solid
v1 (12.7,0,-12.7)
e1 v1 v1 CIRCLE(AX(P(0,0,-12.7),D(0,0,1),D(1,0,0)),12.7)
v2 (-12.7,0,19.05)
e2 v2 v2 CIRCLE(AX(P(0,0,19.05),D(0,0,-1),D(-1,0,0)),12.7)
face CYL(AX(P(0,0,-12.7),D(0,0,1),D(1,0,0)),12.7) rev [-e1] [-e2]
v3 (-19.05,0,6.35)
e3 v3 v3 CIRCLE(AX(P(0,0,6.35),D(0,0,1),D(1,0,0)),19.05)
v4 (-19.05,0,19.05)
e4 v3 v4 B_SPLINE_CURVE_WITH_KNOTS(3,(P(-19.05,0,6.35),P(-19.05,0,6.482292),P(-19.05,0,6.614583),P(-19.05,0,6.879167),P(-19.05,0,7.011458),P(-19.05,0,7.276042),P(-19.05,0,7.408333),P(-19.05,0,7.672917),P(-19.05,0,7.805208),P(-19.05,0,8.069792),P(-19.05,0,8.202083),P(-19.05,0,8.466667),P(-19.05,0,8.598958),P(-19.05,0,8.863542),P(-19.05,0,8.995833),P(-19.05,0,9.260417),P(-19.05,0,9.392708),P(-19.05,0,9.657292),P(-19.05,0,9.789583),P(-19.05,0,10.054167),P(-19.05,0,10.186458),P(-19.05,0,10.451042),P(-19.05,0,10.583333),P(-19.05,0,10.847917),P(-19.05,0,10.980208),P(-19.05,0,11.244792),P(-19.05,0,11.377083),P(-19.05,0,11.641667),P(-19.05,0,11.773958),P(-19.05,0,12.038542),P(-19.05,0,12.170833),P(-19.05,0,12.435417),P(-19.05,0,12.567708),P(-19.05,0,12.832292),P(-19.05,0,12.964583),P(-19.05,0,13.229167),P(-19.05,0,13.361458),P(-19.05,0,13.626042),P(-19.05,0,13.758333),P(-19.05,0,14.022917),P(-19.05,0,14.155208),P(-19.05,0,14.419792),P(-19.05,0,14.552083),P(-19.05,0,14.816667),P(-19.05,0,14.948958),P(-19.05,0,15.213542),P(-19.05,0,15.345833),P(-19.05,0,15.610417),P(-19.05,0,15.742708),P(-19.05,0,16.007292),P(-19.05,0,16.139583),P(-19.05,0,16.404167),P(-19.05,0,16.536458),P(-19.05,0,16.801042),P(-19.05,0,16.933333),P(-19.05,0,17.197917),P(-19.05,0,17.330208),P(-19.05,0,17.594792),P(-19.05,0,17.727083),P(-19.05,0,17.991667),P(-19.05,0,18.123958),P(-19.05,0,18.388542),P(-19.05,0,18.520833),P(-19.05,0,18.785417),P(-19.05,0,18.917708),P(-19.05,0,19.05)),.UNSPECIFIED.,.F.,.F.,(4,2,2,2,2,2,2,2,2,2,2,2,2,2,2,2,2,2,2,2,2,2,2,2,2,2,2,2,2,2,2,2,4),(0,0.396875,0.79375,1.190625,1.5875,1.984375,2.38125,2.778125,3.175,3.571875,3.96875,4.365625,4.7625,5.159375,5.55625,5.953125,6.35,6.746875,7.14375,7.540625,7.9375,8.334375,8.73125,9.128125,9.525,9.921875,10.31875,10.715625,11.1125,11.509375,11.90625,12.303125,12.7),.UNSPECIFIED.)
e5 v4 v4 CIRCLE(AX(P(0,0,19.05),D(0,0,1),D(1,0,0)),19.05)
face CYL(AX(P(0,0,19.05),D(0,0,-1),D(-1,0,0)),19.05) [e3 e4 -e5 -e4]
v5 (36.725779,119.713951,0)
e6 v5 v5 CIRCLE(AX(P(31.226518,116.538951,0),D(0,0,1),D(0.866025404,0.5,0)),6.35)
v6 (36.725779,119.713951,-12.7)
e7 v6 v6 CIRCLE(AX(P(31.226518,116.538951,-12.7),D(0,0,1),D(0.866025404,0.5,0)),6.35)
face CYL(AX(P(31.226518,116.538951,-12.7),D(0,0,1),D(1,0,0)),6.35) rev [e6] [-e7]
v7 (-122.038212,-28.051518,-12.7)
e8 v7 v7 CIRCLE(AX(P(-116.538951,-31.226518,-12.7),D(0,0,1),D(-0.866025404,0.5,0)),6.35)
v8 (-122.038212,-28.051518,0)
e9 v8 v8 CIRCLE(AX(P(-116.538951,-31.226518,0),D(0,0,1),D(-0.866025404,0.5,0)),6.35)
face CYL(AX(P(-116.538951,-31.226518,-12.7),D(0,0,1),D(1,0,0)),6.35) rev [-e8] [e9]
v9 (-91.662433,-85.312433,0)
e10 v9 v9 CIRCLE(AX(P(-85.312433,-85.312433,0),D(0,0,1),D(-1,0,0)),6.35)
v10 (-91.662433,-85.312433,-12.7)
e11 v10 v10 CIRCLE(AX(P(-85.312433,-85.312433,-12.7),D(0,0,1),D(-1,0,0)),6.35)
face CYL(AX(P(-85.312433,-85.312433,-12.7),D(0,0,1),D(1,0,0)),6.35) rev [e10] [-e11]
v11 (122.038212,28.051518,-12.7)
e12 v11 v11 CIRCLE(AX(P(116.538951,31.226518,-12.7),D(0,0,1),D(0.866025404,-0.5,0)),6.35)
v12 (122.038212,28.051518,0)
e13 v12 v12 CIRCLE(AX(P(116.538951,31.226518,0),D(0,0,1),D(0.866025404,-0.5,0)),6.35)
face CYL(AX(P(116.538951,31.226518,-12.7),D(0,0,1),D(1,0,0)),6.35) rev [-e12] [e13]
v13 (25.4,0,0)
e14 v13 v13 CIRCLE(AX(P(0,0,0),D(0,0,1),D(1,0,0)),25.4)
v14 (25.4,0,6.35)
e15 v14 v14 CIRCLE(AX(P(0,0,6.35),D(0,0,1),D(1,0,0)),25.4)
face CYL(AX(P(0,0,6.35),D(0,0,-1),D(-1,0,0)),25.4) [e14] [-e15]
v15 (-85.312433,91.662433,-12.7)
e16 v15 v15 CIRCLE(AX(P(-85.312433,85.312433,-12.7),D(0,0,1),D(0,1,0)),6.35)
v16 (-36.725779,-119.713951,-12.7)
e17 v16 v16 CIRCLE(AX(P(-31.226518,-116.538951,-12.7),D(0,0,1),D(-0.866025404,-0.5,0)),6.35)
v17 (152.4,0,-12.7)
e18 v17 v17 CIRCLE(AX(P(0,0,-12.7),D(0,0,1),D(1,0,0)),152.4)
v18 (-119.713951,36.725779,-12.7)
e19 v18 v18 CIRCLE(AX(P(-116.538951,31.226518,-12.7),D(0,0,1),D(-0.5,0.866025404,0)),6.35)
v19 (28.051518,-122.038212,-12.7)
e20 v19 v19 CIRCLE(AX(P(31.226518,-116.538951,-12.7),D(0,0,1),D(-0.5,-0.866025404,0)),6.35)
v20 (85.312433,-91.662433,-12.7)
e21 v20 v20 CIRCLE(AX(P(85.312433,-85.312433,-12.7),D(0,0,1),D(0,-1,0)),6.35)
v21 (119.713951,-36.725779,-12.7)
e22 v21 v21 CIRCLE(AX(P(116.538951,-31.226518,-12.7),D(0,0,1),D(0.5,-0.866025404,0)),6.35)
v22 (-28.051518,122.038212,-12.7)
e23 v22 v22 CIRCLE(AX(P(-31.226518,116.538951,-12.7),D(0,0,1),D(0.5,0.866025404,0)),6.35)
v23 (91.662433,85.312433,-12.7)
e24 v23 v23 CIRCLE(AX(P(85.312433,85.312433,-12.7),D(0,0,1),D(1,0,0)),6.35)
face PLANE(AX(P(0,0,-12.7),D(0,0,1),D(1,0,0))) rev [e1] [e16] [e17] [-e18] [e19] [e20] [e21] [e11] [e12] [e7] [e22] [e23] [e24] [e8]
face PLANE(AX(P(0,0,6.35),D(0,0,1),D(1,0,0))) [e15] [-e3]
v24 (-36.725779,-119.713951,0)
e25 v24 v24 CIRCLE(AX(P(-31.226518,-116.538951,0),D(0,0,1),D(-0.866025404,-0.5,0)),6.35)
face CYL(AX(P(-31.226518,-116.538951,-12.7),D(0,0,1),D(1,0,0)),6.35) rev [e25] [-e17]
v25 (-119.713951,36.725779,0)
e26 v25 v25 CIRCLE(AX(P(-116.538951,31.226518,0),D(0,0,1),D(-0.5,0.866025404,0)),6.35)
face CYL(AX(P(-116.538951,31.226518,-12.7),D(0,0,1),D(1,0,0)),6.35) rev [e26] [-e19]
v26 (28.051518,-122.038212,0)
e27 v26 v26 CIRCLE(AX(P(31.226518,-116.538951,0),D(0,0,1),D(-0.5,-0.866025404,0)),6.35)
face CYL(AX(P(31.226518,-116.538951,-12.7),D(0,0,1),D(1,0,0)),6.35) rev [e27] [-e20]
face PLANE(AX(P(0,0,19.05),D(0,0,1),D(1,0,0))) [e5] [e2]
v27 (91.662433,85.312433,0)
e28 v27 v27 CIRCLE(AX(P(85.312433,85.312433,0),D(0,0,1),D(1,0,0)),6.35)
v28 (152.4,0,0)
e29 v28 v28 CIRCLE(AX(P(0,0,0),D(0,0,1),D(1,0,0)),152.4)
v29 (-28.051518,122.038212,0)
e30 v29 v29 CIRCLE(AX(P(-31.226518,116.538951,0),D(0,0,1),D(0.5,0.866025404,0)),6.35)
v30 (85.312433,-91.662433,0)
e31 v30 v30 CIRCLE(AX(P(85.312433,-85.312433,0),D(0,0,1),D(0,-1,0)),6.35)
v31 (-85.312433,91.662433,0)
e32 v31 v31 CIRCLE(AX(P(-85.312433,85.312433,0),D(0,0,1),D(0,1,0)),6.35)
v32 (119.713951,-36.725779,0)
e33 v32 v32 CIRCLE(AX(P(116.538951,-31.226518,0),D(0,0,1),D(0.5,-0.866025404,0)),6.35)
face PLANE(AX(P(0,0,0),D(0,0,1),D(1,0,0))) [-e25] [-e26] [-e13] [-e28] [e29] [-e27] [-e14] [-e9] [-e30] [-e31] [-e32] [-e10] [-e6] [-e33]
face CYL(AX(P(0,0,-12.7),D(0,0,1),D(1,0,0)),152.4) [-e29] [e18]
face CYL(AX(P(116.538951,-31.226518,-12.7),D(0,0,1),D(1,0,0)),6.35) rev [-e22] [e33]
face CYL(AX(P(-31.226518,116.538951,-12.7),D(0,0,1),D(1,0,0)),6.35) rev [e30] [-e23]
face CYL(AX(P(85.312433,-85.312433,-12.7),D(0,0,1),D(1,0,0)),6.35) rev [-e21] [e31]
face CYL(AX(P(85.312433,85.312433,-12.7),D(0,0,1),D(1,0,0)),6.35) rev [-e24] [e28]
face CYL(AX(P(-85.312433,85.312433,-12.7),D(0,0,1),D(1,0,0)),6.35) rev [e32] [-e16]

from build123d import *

# Parameters (mm, degrees)
SKETCH2_R           = 152.4
SKETCH2_R_2         = 12.7
BOSS_EXTRUDE1_DEPTH = 12.7
SKETCH3_R           = 6.35
CUT_EXTRUDE1_DEPTH  = 216.9
CRVPATTERN1_COUNT   = 12
SKETCH5_R           = 19.05
BOSS_EXTRUDE2_DEPTH = 19.05
SKETCH6_R           = 25.4
BOSS_EXTRUDE3_DEPTH = 6.35
SKETCH8_R           = 12.7
CUT_EXTRUDE2_DEPTH  = 218.85220334


with BuildPart() as part:
    # Sketch2 → Boss-Extrude1 (new body)
    with BuildSketch(Plane.XY):
        Circle(SKETCH2_R)
        Circle(SKETCH2_R_2, mode=Mode.SUBTRACT)
    extrude(amount=-BOSS_EXTRUDE1_DEPTH)

    # Sketch3 → Cut-Extrude1 (cut, through all)
    with BuildSketch(Plane.XY):
        with Locations((85.31243315, 85.31243315)):
            Circle(SKETCH3_R)
    cut_extrude1 = extrude(amount=-CUT_EXTRUDE1_DEPTH, mode=Mode.SUBTRACT)

    # CrvPattern1: Cut-Extrude1 ×12 about axis
    crvpattern1_axis = Axis((0, 0, 0), (0, 0, 1))
    for i in range(1, CRVPATTERN1_COUNT):
        add(cut_extrude1.rotate(crvpattern1_axis, i * 360 / CRVPATTERN1_COUNT), mode=Mode.SUBTRACT)

    # Sketch5 → Boss-Extrude2 (add)
    with BuildSketch(Plane.XY):
        with Locations(Location((0, 0, 0), (0, 0, 180))):
            Circle(SKETCH5_R)
    extrude(amount=BOSS_EXTRUDE2_DEPTH)

    # Sketch6 → Boss-Extrude3 (add)
    with BuildSketch(Plane.XY):
        Circle(SKETCH6_R)
    extrude(amount=BOSS_EXTRUDE3_DEPTH)

    # Sketch8 → Cut-Extrude2 (cut, through all)
    with BuildSketch(Plane(origin=(0, 0, -12.7), x_dir=(-1, 0, 0), z_dir=(0, 0, -1))):
        with Locations(Location((0, 0, 0), (0, 0, 180))):
            Circle(SKETCH8_R)
    extrude(amount=-CUT_EXTRUDE2_DEPTH, mode=Mode.SUBTRACT)


solid = part.part
